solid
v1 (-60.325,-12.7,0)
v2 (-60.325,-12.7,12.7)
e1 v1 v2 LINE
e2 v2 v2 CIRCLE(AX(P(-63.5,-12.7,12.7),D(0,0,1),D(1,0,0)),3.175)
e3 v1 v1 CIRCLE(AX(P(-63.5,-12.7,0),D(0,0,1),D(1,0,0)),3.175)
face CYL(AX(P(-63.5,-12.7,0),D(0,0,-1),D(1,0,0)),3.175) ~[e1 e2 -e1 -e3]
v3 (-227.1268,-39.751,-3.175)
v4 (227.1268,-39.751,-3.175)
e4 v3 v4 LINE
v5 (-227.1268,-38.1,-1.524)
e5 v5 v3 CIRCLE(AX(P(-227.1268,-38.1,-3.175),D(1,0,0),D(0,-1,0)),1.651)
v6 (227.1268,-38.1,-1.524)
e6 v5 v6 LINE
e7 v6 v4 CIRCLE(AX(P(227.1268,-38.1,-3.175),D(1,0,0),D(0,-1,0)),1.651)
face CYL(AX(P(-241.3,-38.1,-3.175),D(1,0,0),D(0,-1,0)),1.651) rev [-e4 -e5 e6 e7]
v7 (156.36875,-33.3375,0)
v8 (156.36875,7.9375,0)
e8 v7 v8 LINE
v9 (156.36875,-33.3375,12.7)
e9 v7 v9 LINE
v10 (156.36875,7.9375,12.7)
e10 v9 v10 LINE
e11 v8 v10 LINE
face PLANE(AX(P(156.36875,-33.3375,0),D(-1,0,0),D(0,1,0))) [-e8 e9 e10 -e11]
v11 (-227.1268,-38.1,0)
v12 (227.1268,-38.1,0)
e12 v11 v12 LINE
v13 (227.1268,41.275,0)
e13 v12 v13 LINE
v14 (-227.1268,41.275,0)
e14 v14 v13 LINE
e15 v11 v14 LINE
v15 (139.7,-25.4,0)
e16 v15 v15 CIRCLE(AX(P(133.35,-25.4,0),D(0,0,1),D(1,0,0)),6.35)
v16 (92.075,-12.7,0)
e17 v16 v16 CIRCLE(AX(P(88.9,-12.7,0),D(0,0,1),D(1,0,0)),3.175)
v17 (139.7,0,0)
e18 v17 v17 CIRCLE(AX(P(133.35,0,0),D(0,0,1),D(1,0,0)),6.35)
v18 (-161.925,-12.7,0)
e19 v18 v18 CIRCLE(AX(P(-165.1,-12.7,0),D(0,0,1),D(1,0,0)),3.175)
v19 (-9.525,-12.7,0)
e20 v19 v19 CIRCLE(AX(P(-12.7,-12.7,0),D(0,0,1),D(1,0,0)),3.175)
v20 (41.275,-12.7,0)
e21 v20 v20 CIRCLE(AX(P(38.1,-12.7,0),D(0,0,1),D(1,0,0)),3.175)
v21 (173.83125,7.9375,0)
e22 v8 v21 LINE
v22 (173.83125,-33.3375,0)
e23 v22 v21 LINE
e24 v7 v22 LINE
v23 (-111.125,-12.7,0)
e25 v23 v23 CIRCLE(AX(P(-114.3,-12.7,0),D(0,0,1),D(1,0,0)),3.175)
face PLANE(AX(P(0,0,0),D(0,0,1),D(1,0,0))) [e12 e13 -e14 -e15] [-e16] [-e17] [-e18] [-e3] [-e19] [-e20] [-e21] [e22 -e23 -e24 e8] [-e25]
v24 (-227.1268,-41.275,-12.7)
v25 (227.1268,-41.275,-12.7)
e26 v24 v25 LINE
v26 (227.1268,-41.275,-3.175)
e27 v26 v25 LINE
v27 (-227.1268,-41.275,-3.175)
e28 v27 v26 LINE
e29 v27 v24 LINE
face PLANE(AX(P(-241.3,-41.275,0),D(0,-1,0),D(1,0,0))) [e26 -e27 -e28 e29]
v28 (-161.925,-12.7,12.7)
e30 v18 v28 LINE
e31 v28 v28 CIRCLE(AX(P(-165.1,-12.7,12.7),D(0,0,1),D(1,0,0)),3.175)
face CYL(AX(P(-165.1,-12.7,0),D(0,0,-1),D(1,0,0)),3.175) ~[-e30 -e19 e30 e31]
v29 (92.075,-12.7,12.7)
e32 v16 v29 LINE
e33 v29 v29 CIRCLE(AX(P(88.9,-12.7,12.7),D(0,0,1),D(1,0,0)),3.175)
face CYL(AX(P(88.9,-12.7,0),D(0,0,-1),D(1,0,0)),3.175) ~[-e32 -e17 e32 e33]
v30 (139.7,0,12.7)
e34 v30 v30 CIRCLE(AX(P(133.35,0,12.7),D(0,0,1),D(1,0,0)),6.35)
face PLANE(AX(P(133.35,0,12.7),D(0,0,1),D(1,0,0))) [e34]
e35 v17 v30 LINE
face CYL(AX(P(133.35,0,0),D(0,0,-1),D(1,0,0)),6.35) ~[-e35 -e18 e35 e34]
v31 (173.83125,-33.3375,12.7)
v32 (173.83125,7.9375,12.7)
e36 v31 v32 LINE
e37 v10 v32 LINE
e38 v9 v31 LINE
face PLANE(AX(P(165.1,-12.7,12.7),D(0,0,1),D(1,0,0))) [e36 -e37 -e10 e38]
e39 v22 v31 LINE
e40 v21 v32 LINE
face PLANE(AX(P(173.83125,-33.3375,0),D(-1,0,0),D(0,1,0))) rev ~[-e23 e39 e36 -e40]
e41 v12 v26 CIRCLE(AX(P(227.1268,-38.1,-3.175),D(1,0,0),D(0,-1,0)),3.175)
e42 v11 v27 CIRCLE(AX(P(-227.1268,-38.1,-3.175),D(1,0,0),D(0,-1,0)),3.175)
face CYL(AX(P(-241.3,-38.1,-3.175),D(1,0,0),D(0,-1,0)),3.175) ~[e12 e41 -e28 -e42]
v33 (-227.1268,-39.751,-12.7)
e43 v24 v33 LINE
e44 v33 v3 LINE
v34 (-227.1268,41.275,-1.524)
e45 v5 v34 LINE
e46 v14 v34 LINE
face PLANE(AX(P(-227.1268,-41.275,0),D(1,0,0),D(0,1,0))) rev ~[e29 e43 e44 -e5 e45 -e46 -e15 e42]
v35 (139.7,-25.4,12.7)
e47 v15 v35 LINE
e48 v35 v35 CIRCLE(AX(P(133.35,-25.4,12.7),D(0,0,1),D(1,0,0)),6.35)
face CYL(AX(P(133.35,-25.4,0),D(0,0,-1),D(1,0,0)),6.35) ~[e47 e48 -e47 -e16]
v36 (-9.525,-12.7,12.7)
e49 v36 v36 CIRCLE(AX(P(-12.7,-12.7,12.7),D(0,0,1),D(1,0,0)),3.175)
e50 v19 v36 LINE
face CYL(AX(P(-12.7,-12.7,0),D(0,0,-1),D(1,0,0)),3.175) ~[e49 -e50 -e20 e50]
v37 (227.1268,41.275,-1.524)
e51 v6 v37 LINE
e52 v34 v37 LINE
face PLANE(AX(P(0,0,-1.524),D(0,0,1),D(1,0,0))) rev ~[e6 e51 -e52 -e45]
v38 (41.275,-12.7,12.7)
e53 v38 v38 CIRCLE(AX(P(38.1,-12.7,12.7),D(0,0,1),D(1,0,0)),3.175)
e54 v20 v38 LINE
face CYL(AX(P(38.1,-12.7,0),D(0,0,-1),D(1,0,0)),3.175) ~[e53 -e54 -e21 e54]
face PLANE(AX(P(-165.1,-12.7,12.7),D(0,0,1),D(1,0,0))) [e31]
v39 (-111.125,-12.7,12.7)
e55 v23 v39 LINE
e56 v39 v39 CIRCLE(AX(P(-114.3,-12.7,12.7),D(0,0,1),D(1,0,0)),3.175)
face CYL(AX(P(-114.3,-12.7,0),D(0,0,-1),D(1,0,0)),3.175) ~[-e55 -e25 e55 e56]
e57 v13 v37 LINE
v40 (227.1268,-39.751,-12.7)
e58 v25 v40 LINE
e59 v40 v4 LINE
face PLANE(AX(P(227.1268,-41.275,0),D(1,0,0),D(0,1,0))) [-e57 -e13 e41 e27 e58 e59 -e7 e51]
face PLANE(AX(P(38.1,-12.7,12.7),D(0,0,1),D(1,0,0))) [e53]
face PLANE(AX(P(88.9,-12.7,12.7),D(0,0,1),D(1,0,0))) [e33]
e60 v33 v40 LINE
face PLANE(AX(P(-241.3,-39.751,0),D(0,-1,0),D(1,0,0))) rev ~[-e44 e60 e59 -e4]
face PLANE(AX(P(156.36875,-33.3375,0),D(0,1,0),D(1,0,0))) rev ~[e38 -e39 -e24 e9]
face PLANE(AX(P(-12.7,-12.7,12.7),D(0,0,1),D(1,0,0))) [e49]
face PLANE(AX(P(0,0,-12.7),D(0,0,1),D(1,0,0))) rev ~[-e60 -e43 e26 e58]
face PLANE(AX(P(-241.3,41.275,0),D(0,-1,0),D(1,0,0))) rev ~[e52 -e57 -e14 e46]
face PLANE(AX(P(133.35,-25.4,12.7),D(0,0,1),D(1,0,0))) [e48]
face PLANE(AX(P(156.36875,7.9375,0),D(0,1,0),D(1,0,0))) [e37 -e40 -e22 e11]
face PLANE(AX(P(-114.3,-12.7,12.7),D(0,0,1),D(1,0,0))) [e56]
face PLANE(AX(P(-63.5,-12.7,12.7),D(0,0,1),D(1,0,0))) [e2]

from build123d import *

# Parameters (mm, degrees)
F0_W     = 482.6
F0_H     = 82.55
F1_DEPTH = 12.7
F2_R     = 3.175
F3_T     = -1.524
F4_R     = 3.175
F4_R_2   = 6.35
F4_W     = 17.4625
F4_H     = 41.275
F5_DEPTH = 12.7
F6_W     = 14.1732
F6_H     = 82.55
F7_DEPTH = 25.4


with BuildPart() as f1:
    # F0 (on Top) → F1 (new body)
    with BuildSketch(Plane.XY):
        Rectangle(F0_W, F0_H)
    extrude(amount=-F1_DEPTH)

    # F2
    f2_edges = [f1.edges().sort_by_distance(p)[0] for p in [
        (0, -41.275, 0),
    ]]
    fillet(f2_edges, radius=F2_R)

    # F3
    f3_openings = [f1.faces().sort_by_distance(p)[0] for p in [
        (0, 0, -12.7),
        (241.3, 0.08388, -6.361664),
        (0, 41.275, -6.35),
        (-241.3, 0.08388, -6.361664),
    ]]
    offset(amount=F3_T, openings=f3_openings)

    # F4 (on face) → F5 (join)
    with BuildSketch(Plane.XY):
        with Locations((-114.3, -12.7)):
            Circle(F4_R)
        with Locations((-63.5, -12.7)):
            Circle(F4_R)
        with Locations((-12.7, -12.7)):
            Circle(F4_R)
        with Locations((38.1, -12.7)):
            Circle(F4_R)
        with Locations((88.9, -12.7)):
            Circle(F4_R)
        with Locations((-165.1, -12.7)):
            Circle(F4_R)
        with Locations((133.35, 0)):
            Circle(F4_R_2)
        with Locations((133.35, -25.4)):
            Circle(F4_R_2)
        with Locations((165.1, -12.7)):
            Rectangle(F4_W, F4_H)
    extrude(amount=F5_DEPTH)

    # F6 (on face) → F7 (cut)
    with BuildSketch(Plane.XY):
        with Locations((-234.2134, 0)):
            Rectangle(F6_W, F6_H)
        with Locations((234.2134, 0)):
            Rectangle(F6_W, F6_H)
    extrude(amount=-F7_DEPTH, mode=Mode.SUBTRACT)


solid = f1.part
